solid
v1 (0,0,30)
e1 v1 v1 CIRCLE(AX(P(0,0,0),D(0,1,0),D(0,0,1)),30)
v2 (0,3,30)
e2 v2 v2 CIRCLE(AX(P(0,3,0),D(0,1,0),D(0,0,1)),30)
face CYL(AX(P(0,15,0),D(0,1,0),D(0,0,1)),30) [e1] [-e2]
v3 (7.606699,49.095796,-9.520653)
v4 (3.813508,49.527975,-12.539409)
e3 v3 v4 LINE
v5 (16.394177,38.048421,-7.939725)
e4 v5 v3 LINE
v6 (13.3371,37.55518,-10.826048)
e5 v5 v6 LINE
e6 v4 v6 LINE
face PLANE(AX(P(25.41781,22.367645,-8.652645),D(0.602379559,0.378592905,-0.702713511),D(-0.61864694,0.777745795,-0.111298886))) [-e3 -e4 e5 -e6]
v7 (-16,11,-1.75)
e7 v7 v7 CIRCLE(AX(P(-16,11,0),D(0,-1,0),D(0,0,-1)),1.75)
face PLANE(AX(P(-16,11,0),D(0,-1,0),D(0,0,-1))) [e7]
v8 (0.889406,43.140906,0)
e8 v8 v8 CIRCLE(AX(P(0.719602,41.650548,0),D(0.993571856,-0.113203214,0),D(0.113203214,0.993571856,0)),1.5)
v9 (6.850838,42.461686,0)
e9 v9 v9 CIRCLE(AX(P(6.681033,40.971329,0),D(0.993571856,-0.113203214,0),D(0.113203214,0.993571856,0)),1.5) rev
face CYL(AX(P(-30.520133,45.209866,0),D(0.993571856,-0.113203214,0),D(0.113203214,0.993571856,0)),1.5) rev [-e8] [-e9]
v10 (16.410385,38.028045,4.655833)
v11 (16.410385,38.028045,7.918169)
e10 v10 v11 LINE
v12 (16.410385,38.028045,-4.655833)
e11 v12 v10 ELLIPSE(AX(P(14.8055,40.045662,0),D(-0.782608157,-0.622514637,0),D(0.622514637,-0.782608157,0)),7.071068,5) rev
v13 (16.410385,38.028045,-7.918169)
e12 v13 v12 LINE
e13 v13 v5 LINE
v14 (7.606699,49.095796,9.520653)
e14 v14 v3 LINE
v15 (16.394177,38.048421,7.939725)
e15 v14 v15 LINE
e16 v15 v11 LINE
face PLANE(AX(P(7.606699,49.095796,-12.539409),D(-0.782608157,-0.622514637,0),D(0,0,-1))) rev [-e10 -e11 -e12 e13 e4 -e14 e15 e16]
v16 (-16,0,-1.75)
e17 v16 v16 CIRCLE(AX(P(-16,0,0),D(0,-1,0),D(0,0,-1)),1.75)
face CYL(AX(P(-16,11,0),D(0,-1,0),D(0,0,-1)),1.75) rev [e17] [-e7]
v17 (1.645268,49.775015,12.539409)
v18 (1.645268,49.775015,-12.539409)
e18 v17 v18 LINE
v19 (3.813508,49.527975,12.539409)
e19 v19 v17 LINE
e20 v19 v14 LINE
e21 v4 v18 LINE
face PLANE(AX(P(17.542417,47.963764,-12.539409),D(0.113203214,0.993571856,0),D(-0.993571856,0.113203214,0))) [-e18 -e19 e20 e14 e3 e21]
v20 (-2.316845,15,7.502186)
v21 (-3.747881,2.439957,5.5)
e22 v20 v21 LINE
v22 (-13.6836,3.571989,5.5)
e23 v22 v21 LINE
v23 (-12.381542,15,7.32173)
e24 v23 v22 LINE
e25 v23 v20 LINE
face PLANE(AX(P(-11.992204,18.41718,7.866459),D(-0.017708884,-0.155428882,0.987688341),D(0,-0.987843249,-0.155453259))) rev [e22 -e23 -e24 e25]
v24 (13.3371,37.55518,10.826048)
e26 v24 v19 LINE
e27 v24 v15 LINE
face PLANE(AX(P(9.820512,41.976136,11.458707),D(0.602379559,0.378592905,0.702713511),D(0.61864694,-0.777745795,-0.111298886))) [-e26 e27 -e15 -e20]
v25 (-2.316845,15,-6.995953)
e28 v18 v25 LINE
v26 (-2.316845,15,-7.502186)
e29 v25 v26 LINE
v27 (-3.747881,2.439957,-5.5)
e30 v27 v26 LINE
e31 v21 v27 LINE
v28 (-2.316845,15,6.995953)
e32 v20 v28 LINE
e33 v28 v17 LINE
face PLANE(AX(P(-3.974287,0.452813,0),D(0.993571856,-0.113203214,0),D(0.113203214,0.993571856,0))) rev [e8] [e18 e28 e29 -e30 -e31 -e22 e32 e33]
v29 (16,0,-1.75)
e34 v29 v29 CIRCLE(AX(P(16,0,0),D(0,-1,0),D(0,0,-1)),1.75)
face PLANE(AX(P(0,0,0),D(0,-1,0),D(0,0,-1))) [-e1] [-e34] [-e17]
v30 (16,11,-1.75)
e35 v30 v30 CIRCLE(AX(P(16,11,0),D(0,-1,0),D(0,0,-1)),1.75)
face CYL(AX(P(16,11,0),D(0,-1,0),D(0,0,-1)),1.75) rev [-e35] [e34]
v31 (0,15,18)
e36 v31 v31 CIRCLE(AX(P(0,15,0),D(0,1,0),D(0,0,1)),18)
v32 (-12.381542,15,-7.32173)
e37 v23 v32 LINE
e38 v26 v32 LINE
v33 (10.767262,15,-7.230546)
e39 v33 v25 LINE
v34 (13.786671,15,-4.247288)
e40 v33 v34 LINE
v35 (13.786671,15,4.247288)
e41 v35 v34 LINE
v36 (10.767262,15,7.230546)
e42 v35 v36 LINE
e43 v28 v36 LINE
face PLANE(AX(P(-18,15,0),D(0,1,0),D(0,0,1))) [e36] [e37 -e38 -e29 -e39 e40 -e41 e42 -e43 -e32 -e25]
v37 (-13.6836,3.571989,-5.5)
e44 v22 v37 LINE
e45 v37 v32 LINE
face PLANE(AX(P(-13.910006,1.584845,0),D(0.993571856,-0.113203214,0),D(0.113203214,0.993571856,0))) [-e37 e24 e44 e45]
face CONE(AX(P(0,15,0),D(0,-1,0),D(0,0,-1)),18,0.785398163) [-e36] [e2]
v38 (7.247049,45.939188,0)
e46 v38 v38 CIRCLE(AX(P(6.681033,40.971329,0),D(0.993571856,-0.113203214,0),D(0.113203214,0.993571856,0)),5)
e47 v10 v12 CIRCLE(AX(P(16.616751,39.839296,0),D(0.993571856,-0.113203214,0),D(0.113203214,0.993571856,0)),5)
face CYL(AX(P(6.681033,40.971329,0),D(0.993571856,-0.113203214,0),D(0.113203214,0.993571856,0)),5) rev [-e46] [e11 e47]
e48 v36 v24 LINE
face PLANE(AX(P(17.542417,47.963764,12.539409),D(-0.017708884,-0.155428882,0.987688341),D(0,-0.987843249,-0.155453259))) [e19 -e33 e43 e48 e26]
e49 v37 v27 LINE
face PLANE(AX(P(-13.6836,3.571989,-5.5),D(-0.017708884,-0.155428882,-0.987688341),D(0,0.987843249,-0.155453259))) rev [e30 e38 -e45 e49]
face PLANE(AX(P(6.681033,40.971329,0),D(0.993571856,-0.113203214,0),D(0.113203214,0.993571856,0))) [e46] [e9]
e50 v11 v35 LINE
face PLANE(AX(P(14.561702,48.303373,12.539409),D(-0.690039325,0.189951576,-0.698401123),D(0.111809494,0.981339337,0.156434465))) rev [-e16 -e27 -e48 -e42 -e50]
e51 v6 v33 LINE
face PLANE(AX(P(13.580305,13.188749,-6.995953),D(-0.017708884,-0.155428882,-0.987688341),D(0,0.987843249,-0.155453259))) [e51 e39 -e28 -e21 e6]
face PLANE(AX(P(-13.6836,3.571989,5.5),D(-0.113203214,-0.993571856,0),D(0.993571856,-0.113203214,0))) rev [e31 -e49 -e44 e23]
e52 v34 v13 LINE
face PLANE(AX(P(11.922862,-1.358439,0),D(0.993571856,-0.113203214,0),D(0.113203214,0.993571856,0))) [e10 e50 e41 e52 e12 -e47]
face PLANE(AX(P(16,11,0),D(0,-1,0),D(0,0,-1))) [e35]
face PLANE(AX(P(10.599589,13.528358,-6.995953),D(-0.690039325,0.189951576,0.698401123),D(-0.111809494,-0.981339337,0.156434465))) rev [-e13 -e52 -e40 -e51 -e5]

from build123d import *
from OCP.BRepFilletAPI import BRepFilletAPI_MakeChamfer

# Parameters (mm, degrees)
CUT_EXTRUDE1_START  = -4
CUT_EXTRUDE1_DEPTH  = 10
BOSS_EXTRUDE1_DEPTH = 16
CHAMFER3_SIZE       = 10
CHAMFER1_SIZE       = 3
CHAMFER1_SIZE2      = 2.716212543
SKETCH4_R           = 1.75
CUT_EXTRUDE2_DEPTH  = 11
SKETCH5_R           = 1.5
CUT_EXTRUDE3_DEPTH  = 73.60961678
SKETCH6_R           = 5
CUT_EXTRUDE4_DEPTH  = 10


with BuildPart() as part:
    # Sketch1 → Revolve1 (revolve)
    with BuildSketch(Plane.XY):
        Polygon((-30, 0), (-30, 3), (-18, 15), (0, 15), (0, 0), align=None)
    revolve(axis=Axis((0, 15, 0), (0, -1, 0)))

    # Sketch2 → Cut-Extrude1 (cut)
    with BuildSketch(Plane(origin=(0, 0, 0), x_dir=(0, 0, 1), z_dir=(0.9935718556765875, -0.11320321376790697, 0)).offset(CUT_EXTRUDE1_START)):
        Polygon((7.866459251, -16.941235683), (5.5, -2), (-5.5, -2), (-7.866459251, -16.941235683), align=None)
    extrude(amount=-CUT_EXTRUDE1_DEPTH, mode=Mode.SUBTRACT)

    # Sketch3 → Boss-Extrude1 (add)
    with BuildSketch(Plane(origin=(-3.974287423, 0.452812855, 0), x_dir=(0, 0, 1), z_dir=(-0.9935718556765875, 0.11320321376790698, 0))):
        Polygon((-6.995953226, 14.641303557), (-12.539408637, 49.641303557), (12.539408637, 49.641303557), (6.995953226, 14.641303557), align=None)
    extrude(amount=-BOSS_EXTRUDE1_DEPTH)

    # Chamfer3
    chamfer3_edges = [part.edges().sort_by_distance(p)[0] for p in [
        (17.542417366, 47.963763528, 0),
    ]]
    chamfer(chamfer3_edges, length=CHAMFER3_SIZE)

    # Chamfer1: one chamfer whose edges measure the first distance from different faces: ONE call of the kernel's chamfer builder (chamfer() names one face for all edges)
    chamfer1_edges_1 = [part.edges().sort_by_distance(p)[0] for p in [
        (15.098528073, 26.514022486, -9.12012375),
        (15.098528073, 26.514022486, 9.12012375),
    ]]
    chamfer1_edges_2 = [part.edges().sort_by_distance(p)[0] for p in [
        (12.008542019, 43.561920319, -11.747486436),
        (12.008542019, 43.561920319, 11.747486436),
    ]]
    chamfer1_side_2 = [part.faces().sort_by_distance(p)[0] for p in [
        (11.909629587, 43.686270289, 0),
    ]]
    chamfer1 = BRepFilletAPI_MakeChamfer(part.part.solid().wrapped)
    for e in chamfer1_edges_1:
        chamfer1.Add(CHAMFER1_SIZE, e.wrapped)
    for e in chamfer1_edges_2:
        chamfer1.Add(CHAMFER1_SIZE, CHAMFER1_SIZE2, e.wrapped, chamfer1_side_2[0].wrapped)  # the first distance lies on this face
    add(Compound.cast(chamfer1.Shape()), mode=Mode.REPLACE)

    # Sketch4 → Cut-Extrude2 (cut)
    with BuildSketch(Plane.XZ):
        with Locations((-16, 0)):
            Circle(SKETCH4_R)
        with Locations((16, 0)):
            Circle(SKETCH4_R)
    extrude(amount=-CUT_EXTRUDE2_DEPTH, mode=Mode.SUBTRACT)

    # Sketch5 → Cut-Extrude3 (cut, through all)
    with BuildSketch(Plane(origin=(11.922862268, -1.358438565, 0), x_dir=(0, 0, -1), z_dir=(0.9935718556765875, -0.11320321376790698, 0))):
        with Locations((0, 41.46427329)):
            Circle(SKETCH5_R)
    extrude(amount=-CUT_EXTRUDE3_DEPTH, mode=Mode.SUBTRACT)

    # Sketch6 → Cut-Extrude4 (cut)
    with BuildSketch(Plane(origin=(11.922862268, -1.358438565, 0), x_dir=(0, 0, -1), z_dir=(0.9935718556765875, -0.11320321376790698, 0))):
        with Locations((0, 41.46427329)):
            Circle(SKETCH6_R)
    extrude(amount=-CUT_EXTRUDE4_DEPTH, mode=Mode.SUBTRACT)


solid = part.part
